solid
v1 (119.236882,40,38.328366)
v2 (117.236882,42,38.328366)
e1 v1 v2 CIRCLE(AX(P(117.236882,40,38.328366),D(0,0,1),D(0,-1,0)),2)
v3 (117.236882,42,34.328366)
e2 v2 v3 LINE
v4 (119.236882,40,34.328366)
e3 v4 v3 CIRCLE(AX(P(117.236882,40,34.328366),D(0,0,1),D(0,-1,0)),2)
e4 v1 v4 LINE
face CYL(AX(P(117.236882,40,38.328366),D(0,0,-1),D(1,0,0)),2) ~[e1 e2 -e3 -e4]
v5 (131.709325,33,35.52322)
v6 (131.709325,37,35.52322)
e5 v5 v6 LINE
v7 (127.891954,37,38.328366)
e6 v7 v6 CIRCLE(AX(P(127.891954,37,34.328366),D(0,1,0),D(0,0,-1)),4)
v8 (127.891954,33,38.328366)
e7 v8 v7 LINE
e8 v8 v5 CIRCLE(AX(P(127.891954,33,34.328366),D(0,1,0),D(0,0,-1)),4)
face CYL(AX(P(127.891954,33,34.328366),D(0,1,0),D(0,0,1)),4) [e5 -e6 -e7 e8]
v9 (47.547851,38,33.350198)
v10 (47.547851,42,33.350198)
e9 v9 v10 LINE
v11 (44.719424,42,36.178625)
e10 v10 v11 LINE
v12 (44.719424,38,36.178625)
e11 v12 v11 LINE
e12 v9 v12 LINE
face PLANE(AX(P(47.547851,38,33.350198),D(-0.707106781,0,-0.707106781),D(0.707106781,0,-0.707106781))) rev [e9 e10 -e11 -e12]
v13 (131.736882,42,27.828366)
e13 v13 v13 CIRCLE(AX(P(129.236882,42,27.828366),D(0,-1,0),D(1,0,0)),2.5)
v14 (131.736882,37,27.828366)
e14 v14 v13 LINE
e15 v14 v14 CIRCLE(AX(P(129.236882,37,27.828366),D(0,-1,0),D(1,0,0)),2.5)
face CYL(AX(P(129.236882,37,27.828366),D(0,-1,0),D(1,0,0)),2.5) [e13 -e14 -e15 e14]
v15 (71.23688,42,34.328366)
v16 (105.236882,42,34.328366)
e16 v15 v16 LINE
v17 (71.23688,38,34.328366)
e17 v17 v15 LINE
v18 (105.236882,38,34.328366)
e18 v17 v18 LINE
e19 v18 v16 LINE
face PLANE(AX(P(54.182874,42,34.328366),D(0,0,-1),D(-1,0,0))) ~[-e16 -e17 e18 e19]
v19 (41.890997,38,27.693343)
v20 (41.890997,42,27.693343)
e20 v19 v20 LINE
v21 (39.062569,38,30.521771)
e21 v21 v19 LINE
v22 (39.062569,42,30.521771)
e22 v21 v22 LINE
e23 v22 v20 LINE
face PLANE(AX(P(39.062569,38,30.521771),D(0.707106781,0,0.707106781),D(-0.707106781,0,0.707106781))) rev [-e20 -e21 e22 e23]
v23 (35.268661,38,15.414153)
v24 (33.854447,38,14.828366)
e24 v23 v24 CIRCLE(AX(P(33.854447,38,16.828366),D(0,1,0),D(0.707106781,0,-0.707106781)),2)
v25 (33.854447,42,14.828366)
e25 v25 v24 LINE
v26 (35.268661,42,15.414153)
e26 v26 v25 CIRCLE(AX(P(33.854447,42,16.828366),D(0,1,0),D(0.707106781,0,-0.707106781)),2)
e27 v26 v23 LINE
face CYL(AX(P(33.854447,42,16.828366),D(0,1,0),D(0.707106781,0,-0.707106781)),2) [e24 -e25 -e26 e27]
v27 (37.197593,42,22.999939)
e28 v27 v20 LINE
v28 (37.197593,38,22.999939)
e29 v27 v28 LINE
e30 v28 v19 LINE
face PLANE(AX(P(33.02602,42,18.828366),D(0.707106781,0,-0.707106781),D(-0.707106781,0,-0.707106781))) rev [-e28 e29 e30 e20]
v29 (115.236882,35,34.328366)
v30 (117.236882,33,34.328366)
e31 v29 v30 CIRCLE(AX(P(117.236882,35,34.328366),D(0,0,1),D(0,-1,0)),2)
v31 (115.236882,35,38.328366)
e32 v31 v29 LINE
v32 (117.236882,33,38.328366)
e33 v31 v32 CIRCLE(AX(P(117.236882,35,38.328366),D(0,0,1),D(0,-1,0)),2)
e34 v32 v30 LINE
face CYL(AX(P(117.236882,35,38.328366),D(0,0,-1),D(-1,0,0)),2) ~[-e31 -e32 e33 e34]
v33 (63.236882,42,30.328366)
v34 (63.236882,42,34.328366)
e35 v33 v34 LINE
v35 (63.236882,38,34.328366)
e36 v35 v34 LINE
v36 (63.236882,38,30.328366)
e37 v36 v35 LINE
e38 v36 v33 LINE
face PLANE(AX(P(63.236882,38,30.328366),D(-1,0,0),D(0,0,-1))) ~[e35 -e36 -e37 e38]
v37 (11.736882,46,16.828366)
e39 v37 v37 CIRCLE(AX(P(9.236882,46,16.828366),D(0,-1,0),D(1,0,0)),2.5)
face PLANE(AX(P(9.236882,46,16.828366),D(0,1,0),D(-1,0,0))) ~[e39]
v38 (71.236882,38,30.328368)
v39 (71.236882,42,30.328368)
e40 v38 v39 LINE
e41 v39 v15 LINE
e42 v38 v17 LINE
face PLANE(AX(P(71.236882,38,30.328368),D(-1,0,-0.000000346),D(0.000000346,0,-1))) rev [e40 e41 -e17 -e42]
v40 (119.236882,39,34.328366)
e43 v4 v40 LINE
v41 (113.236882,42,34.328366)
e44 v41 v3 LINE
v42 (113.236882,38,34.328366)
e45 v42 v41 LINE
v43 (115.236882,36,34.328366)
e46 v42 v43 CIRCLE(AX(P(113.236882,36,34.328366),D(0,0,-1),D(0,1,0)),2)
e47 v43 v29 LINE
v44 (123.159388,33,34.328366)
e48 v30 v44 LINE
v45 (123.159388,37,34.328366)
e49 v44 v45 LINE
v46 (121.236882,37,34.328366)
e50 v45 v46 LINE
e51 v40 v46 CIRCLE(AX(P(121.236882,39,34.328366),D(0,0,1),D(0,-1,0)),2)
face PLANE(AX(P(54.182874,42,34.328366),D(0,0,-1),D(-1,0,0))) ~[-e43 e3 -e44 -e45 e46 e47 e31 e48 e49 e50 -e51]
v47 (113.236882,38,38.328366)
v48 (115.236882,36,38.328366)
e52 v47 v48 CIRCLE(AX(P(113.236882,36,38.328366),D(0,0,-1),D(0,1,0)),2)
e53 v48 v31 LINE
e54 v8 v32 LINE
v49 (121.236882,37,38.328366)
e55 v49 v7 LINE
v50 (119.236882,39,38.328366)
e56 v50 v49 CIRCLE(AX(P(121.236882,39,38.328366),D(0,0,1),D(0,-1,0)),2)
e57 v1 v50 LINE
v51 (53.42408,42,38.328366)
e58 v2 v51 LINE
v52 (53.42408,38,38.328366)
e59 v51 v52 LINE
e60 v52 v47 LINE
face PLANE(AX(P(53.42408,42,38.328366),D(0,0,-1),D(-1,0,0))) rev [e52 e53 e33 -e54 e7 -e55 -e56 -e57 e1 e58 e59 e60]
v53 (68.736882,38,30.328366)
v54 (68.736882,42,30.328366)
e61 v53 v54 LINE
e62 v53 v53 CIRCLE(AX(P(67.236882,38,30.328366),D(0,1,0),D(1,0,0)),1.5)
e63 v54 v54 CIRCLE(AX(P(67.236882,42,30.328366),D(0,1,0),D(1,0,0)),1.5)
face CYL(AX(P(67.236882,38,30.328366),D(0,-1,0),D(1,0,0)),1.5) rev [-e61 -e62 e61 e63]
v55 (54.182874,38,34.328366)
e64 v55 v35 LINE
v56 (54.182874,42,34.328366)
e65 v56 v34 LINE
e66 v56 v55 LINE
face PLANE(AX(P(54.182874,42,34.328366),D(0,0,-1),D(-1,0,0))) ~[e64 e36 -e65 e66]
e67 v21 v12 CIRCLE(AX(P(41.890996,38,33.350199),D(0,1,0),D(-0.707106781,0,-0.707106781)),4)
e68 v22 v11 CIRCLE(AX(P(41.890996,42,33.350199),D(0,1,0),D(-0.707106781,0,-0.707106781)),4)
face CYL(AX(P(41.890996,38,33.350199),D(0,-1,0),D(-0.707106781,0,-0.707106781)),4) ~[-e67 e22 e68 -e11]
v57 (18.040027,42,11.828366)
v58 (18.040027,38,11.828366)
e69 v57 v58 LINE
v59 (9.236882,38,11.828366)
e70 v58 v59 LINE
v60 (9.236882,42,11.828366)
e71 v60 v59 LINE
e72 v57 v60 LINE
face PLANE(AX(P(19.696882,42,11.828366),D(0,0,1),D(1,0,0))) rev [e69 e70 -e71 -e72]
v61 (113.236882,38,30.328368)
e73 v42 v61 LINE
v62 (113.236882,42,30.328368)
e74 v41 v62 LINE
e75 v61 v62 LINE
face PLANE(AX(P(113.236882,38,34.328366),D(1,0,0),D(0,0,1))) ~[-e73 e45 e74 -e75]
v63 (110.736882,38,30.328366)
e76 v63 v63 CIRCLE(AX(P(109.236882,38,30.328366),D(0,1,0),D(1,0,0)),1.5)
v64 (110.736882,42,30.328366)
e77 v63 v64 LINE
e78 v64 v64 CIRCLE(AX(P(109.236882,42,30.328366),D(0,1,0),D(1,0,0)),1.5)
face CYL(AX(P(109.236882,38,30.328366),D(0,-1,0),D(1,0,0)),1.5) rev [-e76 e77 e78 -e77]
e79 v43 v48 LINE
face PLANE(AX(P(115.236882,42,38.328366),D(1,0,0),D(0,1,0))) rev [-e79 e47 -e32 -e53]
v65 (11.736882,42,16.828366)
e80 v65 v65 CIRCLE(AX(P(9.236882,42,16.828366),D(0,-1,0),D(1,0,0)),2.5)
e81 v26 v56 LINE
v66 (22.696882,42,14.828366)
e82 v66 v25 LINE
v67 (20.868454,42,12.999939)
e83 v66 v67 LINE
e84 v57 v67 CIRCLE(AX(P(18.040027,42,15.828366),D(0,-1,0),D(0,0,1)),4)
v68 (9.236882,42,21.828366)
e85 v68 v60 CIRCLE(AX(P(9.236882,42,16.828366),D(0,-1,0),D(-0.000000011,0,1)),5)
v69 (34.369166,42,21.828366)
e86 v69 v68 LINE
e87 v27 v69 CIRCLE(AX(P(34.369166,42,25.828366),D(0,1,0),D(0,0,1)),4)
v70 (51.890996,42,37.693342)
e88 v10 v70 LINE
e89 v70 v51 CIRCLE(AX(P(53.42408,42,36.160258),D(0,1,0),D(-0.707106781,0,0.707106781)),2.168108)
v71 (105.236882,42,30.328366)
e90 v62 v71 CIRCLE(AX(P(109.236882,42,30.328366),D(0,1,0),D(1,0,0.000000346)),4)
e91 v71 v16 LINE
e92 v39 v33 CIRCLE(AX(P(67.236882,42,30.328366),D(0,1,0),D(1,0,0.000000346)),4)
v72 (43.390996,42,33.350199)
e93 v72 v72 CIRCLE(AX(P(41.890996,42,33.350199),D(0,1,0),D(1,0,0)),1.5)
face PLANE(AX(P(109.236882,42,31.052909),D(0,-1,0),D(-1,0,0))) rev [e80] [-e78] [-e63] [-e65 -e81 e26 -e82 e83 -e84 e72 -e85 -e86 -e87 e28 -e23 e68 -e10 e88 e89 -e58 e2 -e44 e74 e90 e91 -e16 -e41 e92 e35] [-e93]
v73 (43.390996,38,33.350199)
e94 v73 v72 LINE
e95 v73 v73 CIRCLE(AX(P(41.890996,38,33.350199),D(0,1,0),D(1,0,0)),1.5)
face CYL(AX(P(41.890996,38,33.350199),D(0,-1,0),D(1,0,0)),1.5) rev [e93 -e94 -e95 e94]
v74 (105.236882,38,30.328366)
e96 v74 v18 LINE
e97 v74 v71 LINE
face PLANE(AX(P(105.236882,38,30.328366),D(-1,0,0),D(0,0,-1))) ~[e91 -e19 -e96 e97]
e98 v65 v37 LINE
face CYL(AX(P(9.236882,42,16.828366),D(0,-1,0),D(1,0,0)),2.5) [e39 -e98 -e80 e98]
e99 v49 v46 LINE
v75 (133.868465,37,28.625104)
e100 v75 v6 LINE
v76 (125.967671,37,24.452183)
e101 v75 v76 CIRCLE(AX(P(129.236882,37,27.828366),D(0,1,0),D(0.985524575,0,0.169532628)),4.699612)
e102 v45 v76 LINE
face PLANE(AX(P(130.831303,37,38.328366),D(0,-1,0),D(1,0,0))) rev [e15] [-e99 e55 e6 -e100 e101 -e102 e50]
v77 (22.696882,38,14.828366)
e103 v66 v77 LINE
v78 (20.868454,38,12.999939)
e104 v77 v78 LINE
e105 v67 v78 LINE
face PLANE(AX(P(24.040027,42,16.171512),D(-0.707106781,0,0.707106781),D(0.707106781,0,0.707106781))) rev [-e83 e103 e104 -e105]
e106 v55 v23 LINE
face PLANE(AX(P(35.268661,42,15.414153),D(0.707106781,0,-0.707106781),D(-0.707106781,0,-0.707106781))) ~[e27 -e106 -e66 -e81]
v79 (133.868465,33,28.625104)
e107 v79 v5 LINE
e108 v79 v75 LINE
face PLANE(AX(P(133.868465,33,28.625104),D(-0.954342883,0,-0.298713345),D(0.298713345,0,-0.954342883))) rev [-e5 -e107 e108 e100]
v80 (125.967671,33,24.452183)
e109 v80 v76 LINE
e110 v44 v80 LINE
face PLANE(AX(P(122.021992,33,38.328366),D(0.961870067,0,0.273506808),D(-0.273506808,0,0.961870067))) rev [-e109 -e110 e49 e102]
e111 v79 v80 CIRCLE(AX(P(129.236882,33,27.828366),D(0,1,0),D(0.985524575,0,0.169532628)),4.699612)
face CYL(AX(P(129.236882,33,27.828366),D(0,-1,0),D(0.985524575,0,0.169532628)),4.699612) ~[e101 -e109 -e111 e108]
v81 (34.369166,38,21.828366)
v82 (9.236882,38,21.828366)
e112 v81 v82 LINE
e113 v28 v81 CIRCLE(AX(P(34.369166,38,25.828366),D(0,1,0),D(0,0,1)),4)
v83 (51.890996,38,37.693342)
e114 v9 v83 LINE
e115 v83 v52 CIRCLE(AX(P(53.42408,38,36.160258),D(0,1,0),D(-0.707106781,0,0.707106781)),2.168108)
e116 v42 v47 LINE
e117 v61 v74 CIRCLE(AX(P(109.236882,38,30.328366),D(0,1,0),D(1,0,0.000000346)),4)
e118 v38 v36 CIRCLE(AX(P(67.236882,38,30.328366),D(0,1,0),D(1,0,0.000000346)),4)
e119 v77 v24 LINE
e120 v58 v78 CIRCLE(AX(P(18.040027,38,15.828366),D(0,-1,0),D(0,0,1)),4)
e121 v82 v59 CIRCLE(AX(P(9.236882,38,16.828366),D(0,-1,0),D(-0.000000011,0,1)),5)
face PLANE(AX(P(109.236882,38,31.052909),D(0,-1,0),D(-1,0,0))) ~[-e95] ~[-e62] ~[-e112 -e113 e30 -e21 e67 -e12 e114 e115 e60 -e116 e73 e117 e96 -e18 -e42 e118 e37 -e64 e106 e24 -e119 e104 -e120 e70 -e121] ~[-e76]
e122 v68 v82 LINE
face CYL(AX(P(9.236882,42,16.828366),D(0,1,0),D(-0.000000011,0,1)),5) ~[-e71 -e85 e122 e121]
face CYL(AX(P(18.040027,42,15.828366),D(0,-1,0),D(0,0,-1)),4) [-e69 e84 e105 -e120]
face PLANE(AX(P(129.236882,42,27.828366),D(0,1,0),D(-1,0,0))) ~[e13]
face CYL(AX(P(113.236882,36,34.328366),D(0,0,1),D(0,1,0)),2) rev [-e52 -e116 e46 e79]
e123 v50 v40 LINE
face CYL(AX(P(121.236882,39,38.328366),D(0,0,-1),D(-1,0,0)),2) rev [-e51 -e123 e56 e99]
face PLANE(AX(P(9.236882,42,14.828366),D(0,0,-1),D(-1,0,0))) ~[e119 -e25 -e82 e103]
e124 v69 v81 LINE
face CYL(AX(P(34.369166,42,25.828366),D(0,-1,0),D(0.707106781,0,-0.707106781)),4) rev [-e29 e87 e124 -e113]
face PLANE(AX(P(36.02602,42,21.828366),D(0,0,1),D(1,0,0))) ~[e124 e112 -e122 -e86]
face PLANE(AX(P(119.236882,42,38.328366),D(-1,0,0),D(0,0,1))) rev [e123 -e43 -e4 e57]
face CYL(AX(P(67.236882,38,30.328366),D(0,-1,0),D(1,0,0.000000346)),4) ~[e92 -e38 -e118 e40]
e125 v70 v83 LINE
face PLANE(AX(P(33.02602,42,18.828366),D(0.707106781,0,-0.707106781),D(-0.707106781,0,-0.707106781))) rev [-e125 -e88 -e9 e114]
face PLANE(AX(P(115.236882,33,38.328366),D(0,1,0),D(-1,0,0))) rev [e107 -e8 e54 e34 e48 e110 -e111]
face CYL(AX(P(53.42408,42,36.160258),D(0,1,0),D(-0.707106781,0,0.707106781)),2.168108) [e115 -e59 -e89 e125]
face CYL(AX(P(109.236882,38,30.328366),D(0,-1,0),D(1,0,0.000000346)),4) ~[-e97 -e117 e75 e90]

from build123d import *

# Parameters (mm, degrees)
PAD018_DEPTH = 4
PAD019_DEPTH = 4
SKETCH035_R  = 2.5
PAD020_DEPTH = 4
PAD021_DEPTH = 4
PAD022_DEPTH = 4
SKETCH038_R  = 2.5
PAD023_DEPTH = 5
FILLET_R     = 2
FILLET001_R  = 2
FILLET002_R  = 4
FILLET003_R  = 4
SKETCH049_R  = 1.5
PAD028_DEPTH = 4


with BuildPart() as dragshaftr:
    # Sketch033 → Pad018 (new body)
    with BuildSketch(Plane.XZ):
        with BuildLine():
            Line((44.945992765, 17.5), (110, 17.5))
            Line((110, 21.5), (110, 17.5))
            Line((44.1871982538, 21.5), (110, 21.5))
            ThreePointArc((42.6541143847, 20.8649758691), (43.3574992426, 21.3349626055), (44.1871982538, 21.5))
            Line((23.7891385155, 2), (42.6541143847, 20.8649758691))
            Line((0, 2), (23.7891385155, 2))
            ThreePointArc((0, -2), (-2, 0), (0, 2))
            Line((0, -2), (24.6175656403, -2))
            ThreePointArc((26.0317792027, -1.4142135624), (25.382932505, -1.847759065), (24.6175656403, -2))
            Line((26.0317792027, -1.4142135624), (44.945992765, 17.5))
        make_face()
    extrude(amount=-PAD018_DEPTH)

    # Sketch034 (on Face11 of Pad018) → Pad019 (join)
    with BuildSketch(Plane.XZ):
        with BuildLine():
            ThreePointArc((-5.64e-08, 5), (-5, -1.69e-08), (-2.26e-08, -5))
            Line((10.4599999543, -5), (-2.26e-08, -5))
            Line((14.8031457045, -0.6568542495), (10.4599999543, -5))
            Line((26.7891385155, -0.6568542495), (14.8031457045, -0.6568542495))
            Line((26.7891385155, 5), (26.7891385155, -0.6568542495))
            Line((26.7891385155, 5), (-5.64e-08, 5))
        make_face()
    extrude(amount=-PAD019_DEPTH)

    # Sketch035 (on Face13 of Pad019) → Pad020 (join)
    with BuildSketch(Plane.XZ):
        Circle(SKETCH035_R)
    extrude(amount=PAD020_DEPTH)

    # Sketch036 (on Face7 of Pad020) → Pad021 (join)
    with BuildSketch(Plane(origin=(0, 0, 21.5), x_dir=(-1, 0, 0), z_dir=(0, 0, 1))):
        Polygon((-110, 0), (-106, 0), (-106, -9), (-121.594421, -9), (-121.594421, -5), (-110, -5), align=None)
    extrude(amount=-PAD021_DEPTH)

    # Sketch037 (on Face12 of Pad021) → Pad022 (join)
    with BuildSketch(Plane(origin=(0, 9, 0), x_dir=(1, 0, 0), z_dir=(0, 1, 0))):
        with BuildLine():
            Line((121.594421, -21.5), (112.78511, -21.5))
            Line((112.78511, -21.5), (116.730789, -7.623817))
            ThreePointArc((124.6315830417, -11.7967375602), (122.1948418839, -6.844398802), (116.730789, -7.623817))
            Line((124.6315830417, -11.7967375602), (121.594421, -21.5))
        make_face()
    extrude(amount=-PAD022_DEPTH)

    # Sketch038 (on Face21 of Pad022) → Pad023 (join)
    with BuildSketch(Plane.XZ.offset(-5)):
        with Locations((120, 11)):
            Circle(SKETCH038_R)
    extrude(amount=PAD023_DEPTH)

    # Fillet
    fillet_edges = [dragshaftr.edges().sort_by_distance(p)[0] for p in [
        (110, 0, 19.5),
        (106, 9, 19.5),
    ]]
    fillet(fillet_edges, radius=FILLET_R)

    # Fillet001
    fillet001_edges = [dragshaftr.edges().sort_by_distance(p)[0] for p in [
        (106, 4, 19.5),
        (110, 5, 19.5),
    ]]
    fillet(fillet001_edges, radius=FILLET001_R)

    # Fillet002
    fillet002_edges = [dragshaftr.edges().sort_by_distance(p)[0] for p in [
        (121.594421, 7, 21.5),
    ]]
    fillet(fillet002_edges, radius=FILLET002_R)

    # Fillet003
    fillet003_edges = [dragshaftr.edges().sort_by_distance(p)[0] for p in [
        (26.789139, 2, 5),
        (10.46, 2, -5),
    ]]
    fillet(fillet003_edges, radius=FILLET003_R)

    # Sketch049 (on Face17 of Fillet003) → Pad028 (join)
    with BuildSketch(Plane(origin=(0, 4, 0), x_dir=(1, 0, 0), z_dir=(0, 1, 0))):
        with BuildLine():
            ThreePointArc((62, -13.5000013856), (58.0000006928, -9.5), (54, -13.5))
            Line((54, -13.5), (54, -17.5))
            Line((61.9999986144, -17.5), (54, -17.5))
            Line((62, -13.5000013856), (61.9999986144, -17.5))
        make_face()
        with Locations((58, -13.5)):
            Circle(SKETCH049_R, mode=Mode.SUBTRACT)
        with BuildLine():
            ThreePointArc((104, -13.5000013856), (100.0000006928, -9.5), (96, -13.5))
            Line((96, -13.5), (96, -17.5))
            Line((96, -17.5), (104, -17.5))
            Line((104, -17.5), (104, -13.5000013856))
        make_face()
        with Locations((100, -13.5)):
            Circle(SKETCH049_R, mode=Mode.SUBTRACT)
        with BuildLine():
            ThreePointArc((29.8256872599, -13.6934049535), (29.8256877498, -19.3502596929), (35.4825424892, -19.3502582232))
            Line((38.310969614, -16.5218310984), (35.4825424892, -19.3502582232))
            Line((32.6541153645, -10.8649768489), (38.310969614, -16.5218310984))
            Line((29.8256872599, -13.6934049535), (32.6541153645, -10.8649768489))
        make_face()
        with Locations((32.6541143847, -16.5218320782)):
            Circle(SKETCH049_R, mode=Mode.SUBTRACT)
    extrude(amount=-PAD028_DEPTH)


with BuildPart() as dragshaftr_1:
    # Body004 placement: moved
    add(dragshaftr.part.moved(Location((0, 8, 13))))


with BuildPart() as part_mirroring:
    # Part__Mirroring: instance of DragShaftR
    add(dragshaftr_1.part.mirror(Plane(origin=(0, 0, 0), x_dir=(1, 0, 0), z_dir=(0, 1, 0))))


with BuildPart() as part_mirroring_1:
    # Part__Mirroring placement: moved
    add(part_mirroring.part.moved(Location((9.2368815712, 50, 3.828366479))))


solid = part_mirroring_1.part
